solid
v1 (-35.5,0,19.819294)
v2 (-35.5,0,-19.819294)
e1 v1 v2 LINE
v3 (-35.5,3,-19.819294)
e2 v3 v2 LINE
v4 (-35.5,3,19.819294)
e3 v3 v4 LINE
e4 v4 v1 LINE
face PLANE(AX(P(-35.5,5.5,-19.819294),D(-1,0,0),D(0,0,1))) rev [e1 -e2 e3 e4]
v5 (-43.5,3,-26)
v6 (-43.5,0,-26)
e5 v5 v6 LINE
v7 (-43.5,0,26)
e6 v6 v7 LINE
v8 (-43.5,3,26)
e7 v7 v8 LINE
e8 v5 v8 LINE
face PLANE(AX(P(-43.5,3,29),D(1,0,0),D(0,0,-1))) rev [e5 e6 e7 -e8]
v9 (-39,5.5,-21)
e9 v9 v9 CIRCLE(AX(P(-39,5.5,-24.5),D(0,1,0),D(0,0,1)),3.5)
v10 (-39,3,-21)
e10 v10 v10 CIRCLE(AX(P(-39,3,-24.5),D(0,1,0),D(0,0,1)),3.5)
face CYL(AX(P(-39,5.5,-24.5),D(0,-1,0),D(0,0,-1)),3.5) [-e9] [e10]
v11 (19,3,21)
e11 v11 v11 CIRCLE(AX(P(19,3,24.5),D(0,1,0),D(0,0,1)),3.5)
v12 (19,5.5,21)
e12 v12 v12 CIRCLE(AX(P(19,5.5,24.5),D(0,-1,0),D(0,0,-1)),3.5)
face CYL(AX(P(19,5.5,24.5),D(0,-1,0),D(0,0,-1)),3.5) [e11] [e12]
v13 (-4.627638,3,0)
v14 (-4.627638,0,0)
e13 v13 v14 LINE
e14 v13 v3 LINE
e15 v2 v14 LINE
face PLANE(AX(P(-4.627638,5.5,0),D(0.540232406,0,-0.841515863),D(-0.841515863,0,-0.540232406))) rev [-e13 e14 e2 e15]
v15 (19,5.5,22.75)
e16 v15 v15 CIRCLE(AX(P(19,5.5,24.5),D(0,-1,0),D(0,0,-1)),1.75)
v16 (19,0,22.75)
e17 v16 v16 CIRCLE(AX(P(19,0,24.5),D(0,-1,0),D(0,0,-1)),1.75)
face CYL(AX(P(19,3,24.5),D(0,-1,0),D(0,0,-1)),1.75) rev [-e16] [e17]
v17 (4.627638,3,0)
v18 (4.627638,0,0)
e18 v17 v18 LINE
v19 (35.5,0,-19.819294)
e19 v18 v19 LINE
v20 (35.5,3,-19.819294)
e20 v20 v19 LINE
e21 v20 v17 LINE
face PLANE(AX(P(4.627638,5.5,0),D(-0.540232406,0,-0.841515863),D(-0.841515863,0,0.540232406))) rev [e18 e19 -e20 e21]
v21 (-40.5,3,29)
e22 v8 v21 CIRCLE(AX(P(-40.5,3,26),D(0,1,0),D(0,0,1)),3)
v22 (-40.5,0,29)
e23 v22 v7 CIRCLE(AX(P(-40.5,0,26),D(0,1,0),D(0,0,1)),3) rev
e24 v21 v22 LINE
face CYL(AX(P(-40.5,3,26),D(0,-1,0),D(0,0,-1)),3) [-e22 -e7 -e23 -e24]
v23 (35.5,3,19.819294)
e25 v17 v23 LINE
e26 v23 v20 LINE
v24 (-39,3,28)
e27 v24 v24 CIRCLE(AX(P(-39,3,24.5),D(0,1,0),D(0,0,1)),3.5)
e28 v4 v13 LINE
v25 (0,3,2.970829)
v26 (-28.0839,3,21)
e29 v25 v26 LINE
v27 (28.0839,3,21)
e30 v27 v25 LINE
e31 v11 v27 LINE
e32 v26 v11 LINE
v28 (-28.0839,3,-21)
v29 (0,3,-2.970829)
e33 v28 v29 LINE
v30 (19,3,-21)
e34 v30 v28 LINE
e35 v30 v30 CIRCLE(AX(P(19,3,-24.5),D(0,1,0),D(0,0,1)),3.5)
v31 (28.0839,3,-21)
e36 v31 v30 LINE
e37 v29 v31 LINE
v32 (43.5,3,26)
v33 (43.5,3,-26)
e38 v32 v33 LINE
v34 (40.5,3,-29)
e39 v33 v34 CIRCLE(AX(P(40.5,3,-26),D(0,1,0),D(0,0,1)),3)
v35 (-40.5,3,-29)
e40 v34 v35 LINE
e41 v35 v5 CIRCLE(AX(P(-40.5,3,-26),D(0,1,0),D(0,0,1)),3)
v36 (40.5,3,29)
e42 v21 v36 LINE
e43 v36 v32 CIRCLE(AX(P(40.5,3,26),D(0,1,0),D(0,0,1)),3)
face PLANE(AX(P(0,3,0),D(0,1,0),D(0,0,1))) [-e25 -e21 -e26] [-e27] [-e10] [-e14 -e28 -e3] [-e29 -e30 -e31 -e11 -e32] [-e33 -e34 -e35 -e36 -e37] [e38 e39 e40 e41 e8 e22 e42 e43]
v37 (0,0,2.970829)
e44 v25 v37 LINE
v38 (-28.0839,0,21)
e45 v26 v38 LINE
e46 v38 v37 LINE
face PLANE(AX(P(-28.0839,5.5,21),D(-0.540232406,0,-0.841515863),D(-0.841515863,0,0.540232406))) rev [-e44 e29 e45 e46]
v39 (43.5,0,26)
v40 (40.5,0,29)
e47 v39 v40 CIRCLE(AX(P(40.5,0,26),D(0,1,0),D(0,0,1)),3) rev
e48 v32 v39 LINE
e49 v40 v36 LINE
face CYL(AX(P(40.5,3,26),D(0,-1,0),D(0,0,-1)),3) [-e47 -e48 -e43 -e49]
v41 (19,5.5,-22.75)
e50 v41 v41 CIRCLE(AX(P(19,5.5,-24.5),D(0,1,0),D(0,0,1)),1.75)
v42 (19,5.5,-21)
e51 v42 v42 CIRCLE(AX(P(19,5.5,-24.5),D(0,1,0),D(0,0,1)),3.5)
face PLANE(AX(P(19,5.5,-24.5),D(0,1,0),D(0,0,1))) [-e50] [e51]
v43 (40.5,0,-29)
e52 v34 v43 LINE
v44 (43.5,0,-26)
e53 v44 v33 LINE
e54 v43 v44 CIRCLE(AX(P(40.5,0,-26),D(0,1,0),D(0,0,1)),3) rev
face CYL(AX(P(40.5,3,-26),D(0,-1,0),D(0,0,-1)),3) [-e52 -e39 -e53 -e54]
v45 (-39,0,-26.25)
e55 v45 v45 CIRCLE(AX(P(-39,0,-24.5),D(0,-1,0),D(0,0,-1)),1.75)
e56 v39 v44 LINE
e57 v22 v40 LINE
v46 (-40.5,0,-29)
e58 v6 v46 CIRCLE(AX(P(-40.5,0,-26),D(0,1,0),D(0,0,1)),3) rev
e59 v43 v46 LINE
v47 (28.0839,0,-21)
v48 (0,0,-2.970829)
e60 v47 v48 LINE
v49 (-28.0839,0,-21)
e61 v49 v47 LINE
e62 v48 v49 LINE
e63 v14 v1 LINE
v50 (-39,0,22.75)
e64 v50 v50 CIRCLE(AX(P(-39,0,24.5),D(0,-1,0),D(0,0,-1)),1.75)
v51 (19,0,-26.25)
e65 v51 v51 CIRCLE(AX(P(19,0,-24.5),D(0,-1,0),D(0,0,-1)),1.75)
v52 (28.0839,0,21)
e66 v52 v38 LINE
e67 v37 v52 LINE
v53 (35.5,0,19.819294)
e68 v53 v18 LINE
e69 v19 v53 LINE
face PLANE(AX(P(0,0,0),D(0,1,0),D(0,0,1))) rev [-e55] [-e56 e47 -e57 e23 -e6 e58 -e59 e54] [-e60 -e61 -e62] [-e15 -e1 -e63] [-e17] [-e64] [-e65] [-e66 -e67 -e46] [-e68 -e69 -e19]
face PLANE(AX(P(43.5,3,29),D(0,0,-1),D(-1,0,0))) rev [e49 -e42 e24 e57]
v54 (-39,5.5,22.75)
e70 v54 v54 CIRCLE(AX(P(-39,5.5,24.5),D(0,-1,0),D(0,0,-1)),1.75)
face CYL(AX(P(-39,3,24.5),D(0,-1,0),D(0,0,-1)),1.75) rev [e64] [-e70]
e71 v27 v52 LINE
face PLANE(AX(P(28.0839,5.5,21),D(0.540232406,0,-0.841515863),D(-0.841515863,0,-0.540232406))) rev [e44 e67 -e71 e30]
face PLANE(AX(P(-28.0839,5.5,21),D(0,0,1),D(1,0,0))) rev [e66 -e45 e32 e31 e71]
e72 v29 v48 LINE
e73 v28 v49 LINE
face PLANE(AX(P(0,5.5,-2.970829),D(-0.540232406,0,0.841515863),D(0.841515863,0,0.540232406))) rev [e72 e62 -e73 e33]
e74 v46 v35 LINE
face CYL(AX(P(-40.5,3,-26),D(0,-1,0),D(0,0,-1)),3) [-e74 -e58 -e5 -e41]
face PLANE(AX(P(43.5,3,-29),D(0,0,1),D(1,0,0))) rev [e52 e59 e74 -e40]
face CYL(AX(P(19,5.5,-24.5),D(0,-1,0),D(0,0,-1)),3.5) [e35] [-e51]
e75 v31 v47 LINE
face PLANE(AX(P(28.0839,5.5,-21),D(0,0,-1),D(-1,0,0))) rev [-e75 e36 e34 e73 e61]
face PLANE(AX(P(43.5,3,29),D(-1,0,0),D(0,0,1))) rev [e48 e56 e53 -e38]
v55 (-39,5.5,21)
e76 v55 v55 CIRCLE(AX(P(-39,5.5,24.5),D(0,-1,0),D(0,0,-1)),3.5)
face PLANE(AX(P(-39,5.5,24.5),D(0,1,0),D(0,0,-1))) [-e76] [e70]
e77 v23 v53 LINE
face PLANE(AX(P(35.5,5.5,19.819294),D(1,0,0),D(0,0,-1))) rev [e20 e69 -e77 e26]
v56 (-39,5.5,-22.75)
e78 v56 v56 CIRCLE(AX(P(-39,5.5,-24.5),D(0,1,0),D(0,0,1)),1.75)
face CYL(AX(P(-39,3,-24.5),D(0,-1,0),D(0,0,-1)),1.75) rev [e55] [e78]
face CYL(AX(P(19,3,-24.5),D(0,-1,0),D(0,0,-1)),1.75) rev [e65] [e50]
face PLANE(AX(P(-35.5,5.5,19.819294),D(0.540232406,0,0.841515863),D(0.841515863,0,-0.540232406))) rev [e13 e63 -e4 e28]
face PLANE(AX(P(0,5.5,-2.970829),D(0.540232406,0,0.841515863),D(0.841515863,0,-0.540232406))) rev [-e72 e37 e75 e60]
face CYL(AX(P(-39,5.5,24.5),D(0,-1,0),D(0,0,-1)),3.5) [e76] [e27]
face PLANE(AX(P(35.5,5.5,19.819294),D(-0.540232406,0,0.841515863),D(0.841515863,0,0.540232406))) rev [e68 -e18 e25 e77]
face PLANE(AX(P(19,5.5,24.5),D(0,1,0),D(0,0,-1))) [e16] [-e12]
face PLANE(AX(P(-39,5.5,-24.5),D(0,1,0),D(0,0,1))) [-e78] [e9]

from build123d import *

# Parameters (mm, degrees)
CROQUIS1_W              = 87
CROQUIS1_H              = 58
SALIENTE_EXTRUIR1_DEPTH = 3
CROQUIS2_R              = 1.75
CORTAR_EXTRUIR1_DEPTH   = 53.366496923
CROQUIS3_R              = 3.5
CROQUIS3_R_2            = 1.75
SALIENTE_EXTRUIR2_DEPTH = 2.5
REDONDEO1_R             = 3
CORTAR_EXTRUIR2_DEPTH   = 53.569002273


with BuildPart() as part:
    # Croquis1 → Saliente-Extruir1 (new body)
    with BuildSketch(Plane(origin=(0, 0, 0), x_dir=(1, 0, 0), z_dir=(0, 1, 0))):
        Rectangle(CROQUIS1_W, CROQUIS1_H)
    extrude(amount=SALIENTE_EXTRUIR1_DEPTH)

    # Croquis2 → Cortar-Extruir1 (cut, through all)
    with BuildSketch(Plane.XZ):
        with Locations(Location((-39, -24.5, 0), (0, 0, 270))):
            Circle(CROQUIS2_R)
        with Locations(Location((-39, 24.5, 0), (0, 0, 270))):
            Circle(CROQUIS2_R)
        with Locations(Location((19, 24.5, 0), (0, 0, 270))):
            Circle(CROQUIS2_R)
        with Locations(Location((19, -24.5, 0), (0, 0, 270))):
            Circle(CROQUIS2_R)
    extrude(amount=-CORTAR_EXTRUIR1_DEPTH, mode=Mode.SUBTRACT)

    # Croquis3 → Saliente-Extruir2 (add)
    # profile 1 of 2: a face of its own
    with BuildSketch(Plane(origin=(0, 3, 0), x_dir=(1, 0, 0), z_dir=(0, 1, 0))):
        with Locations(Location((-39, 24.5, 0), (0, 0, 270))):
            Circle(CROQUIS3_R)
        with Locations(Location((-39, 24.5, 0), (0, 0, 90))):
            Circle(CROQUIS3_R_2, mode=Mode.SUBTRACT)
    # profile 2 of 2: a face of its own
    with BuildSketch(Plane(origin=(0, 3, 0), x_dir=(1, 0, 0), z_dir=(0, 1, 0))):
        with Locations(Location((19, 24.5, 0), (0, 0, 270))):
            Circle(CROQUIS3_R)
        with Locations(Location((19, 24.5, 0), (0, 0, 90))):
            Circle(CROQUIS3_R_2, mode=Mode.SUBTRACT)
    saliente_extruir2 = extrude(amount=SALIENTE_EXTRUIR2_DEPTH)

    # Simetría1: Saliente-Extruir2 across plane
    add(saliente_extruir2.mirror(Plane.XY))

    # Redondeo1
    redondeo1_edges = [part.edges().sort_by_distance(p)[0] for p in [
        (-43.5, 1.5, -29),
        (43.5, 1.5, -29),
        (43.5, 1.5, 29),
        (-43.5, 1.5, 29),
    ]]
    fillet(redondeo1_edges, radius=REDONDEO1_R)

    # Croquis4 → Cortar-Extruir2 (cut, through all)
    with BuildSketch(Plane.XZ):
        Polygon((28.08390048, 21), (0, 2.970829321), (-28.08390048, 21), align=None)
        Polygon((35.5, 19.819294136), (35.5, -19.819294136), (4.627637981, 0), align=None)
        Polygon((0, -2.970829321), (-28.08390048, -21), (28.08390048, -21), align=None)
        Polygon((-35.5, -19.819294136), (-35.5, 19.819294136), (-4.627637981, 0), align=None)
    extrude(amount=-CORTAR_EXTRUIR2_DEPTH, mode=Mode.SUBTRACT)


solid = part.part
